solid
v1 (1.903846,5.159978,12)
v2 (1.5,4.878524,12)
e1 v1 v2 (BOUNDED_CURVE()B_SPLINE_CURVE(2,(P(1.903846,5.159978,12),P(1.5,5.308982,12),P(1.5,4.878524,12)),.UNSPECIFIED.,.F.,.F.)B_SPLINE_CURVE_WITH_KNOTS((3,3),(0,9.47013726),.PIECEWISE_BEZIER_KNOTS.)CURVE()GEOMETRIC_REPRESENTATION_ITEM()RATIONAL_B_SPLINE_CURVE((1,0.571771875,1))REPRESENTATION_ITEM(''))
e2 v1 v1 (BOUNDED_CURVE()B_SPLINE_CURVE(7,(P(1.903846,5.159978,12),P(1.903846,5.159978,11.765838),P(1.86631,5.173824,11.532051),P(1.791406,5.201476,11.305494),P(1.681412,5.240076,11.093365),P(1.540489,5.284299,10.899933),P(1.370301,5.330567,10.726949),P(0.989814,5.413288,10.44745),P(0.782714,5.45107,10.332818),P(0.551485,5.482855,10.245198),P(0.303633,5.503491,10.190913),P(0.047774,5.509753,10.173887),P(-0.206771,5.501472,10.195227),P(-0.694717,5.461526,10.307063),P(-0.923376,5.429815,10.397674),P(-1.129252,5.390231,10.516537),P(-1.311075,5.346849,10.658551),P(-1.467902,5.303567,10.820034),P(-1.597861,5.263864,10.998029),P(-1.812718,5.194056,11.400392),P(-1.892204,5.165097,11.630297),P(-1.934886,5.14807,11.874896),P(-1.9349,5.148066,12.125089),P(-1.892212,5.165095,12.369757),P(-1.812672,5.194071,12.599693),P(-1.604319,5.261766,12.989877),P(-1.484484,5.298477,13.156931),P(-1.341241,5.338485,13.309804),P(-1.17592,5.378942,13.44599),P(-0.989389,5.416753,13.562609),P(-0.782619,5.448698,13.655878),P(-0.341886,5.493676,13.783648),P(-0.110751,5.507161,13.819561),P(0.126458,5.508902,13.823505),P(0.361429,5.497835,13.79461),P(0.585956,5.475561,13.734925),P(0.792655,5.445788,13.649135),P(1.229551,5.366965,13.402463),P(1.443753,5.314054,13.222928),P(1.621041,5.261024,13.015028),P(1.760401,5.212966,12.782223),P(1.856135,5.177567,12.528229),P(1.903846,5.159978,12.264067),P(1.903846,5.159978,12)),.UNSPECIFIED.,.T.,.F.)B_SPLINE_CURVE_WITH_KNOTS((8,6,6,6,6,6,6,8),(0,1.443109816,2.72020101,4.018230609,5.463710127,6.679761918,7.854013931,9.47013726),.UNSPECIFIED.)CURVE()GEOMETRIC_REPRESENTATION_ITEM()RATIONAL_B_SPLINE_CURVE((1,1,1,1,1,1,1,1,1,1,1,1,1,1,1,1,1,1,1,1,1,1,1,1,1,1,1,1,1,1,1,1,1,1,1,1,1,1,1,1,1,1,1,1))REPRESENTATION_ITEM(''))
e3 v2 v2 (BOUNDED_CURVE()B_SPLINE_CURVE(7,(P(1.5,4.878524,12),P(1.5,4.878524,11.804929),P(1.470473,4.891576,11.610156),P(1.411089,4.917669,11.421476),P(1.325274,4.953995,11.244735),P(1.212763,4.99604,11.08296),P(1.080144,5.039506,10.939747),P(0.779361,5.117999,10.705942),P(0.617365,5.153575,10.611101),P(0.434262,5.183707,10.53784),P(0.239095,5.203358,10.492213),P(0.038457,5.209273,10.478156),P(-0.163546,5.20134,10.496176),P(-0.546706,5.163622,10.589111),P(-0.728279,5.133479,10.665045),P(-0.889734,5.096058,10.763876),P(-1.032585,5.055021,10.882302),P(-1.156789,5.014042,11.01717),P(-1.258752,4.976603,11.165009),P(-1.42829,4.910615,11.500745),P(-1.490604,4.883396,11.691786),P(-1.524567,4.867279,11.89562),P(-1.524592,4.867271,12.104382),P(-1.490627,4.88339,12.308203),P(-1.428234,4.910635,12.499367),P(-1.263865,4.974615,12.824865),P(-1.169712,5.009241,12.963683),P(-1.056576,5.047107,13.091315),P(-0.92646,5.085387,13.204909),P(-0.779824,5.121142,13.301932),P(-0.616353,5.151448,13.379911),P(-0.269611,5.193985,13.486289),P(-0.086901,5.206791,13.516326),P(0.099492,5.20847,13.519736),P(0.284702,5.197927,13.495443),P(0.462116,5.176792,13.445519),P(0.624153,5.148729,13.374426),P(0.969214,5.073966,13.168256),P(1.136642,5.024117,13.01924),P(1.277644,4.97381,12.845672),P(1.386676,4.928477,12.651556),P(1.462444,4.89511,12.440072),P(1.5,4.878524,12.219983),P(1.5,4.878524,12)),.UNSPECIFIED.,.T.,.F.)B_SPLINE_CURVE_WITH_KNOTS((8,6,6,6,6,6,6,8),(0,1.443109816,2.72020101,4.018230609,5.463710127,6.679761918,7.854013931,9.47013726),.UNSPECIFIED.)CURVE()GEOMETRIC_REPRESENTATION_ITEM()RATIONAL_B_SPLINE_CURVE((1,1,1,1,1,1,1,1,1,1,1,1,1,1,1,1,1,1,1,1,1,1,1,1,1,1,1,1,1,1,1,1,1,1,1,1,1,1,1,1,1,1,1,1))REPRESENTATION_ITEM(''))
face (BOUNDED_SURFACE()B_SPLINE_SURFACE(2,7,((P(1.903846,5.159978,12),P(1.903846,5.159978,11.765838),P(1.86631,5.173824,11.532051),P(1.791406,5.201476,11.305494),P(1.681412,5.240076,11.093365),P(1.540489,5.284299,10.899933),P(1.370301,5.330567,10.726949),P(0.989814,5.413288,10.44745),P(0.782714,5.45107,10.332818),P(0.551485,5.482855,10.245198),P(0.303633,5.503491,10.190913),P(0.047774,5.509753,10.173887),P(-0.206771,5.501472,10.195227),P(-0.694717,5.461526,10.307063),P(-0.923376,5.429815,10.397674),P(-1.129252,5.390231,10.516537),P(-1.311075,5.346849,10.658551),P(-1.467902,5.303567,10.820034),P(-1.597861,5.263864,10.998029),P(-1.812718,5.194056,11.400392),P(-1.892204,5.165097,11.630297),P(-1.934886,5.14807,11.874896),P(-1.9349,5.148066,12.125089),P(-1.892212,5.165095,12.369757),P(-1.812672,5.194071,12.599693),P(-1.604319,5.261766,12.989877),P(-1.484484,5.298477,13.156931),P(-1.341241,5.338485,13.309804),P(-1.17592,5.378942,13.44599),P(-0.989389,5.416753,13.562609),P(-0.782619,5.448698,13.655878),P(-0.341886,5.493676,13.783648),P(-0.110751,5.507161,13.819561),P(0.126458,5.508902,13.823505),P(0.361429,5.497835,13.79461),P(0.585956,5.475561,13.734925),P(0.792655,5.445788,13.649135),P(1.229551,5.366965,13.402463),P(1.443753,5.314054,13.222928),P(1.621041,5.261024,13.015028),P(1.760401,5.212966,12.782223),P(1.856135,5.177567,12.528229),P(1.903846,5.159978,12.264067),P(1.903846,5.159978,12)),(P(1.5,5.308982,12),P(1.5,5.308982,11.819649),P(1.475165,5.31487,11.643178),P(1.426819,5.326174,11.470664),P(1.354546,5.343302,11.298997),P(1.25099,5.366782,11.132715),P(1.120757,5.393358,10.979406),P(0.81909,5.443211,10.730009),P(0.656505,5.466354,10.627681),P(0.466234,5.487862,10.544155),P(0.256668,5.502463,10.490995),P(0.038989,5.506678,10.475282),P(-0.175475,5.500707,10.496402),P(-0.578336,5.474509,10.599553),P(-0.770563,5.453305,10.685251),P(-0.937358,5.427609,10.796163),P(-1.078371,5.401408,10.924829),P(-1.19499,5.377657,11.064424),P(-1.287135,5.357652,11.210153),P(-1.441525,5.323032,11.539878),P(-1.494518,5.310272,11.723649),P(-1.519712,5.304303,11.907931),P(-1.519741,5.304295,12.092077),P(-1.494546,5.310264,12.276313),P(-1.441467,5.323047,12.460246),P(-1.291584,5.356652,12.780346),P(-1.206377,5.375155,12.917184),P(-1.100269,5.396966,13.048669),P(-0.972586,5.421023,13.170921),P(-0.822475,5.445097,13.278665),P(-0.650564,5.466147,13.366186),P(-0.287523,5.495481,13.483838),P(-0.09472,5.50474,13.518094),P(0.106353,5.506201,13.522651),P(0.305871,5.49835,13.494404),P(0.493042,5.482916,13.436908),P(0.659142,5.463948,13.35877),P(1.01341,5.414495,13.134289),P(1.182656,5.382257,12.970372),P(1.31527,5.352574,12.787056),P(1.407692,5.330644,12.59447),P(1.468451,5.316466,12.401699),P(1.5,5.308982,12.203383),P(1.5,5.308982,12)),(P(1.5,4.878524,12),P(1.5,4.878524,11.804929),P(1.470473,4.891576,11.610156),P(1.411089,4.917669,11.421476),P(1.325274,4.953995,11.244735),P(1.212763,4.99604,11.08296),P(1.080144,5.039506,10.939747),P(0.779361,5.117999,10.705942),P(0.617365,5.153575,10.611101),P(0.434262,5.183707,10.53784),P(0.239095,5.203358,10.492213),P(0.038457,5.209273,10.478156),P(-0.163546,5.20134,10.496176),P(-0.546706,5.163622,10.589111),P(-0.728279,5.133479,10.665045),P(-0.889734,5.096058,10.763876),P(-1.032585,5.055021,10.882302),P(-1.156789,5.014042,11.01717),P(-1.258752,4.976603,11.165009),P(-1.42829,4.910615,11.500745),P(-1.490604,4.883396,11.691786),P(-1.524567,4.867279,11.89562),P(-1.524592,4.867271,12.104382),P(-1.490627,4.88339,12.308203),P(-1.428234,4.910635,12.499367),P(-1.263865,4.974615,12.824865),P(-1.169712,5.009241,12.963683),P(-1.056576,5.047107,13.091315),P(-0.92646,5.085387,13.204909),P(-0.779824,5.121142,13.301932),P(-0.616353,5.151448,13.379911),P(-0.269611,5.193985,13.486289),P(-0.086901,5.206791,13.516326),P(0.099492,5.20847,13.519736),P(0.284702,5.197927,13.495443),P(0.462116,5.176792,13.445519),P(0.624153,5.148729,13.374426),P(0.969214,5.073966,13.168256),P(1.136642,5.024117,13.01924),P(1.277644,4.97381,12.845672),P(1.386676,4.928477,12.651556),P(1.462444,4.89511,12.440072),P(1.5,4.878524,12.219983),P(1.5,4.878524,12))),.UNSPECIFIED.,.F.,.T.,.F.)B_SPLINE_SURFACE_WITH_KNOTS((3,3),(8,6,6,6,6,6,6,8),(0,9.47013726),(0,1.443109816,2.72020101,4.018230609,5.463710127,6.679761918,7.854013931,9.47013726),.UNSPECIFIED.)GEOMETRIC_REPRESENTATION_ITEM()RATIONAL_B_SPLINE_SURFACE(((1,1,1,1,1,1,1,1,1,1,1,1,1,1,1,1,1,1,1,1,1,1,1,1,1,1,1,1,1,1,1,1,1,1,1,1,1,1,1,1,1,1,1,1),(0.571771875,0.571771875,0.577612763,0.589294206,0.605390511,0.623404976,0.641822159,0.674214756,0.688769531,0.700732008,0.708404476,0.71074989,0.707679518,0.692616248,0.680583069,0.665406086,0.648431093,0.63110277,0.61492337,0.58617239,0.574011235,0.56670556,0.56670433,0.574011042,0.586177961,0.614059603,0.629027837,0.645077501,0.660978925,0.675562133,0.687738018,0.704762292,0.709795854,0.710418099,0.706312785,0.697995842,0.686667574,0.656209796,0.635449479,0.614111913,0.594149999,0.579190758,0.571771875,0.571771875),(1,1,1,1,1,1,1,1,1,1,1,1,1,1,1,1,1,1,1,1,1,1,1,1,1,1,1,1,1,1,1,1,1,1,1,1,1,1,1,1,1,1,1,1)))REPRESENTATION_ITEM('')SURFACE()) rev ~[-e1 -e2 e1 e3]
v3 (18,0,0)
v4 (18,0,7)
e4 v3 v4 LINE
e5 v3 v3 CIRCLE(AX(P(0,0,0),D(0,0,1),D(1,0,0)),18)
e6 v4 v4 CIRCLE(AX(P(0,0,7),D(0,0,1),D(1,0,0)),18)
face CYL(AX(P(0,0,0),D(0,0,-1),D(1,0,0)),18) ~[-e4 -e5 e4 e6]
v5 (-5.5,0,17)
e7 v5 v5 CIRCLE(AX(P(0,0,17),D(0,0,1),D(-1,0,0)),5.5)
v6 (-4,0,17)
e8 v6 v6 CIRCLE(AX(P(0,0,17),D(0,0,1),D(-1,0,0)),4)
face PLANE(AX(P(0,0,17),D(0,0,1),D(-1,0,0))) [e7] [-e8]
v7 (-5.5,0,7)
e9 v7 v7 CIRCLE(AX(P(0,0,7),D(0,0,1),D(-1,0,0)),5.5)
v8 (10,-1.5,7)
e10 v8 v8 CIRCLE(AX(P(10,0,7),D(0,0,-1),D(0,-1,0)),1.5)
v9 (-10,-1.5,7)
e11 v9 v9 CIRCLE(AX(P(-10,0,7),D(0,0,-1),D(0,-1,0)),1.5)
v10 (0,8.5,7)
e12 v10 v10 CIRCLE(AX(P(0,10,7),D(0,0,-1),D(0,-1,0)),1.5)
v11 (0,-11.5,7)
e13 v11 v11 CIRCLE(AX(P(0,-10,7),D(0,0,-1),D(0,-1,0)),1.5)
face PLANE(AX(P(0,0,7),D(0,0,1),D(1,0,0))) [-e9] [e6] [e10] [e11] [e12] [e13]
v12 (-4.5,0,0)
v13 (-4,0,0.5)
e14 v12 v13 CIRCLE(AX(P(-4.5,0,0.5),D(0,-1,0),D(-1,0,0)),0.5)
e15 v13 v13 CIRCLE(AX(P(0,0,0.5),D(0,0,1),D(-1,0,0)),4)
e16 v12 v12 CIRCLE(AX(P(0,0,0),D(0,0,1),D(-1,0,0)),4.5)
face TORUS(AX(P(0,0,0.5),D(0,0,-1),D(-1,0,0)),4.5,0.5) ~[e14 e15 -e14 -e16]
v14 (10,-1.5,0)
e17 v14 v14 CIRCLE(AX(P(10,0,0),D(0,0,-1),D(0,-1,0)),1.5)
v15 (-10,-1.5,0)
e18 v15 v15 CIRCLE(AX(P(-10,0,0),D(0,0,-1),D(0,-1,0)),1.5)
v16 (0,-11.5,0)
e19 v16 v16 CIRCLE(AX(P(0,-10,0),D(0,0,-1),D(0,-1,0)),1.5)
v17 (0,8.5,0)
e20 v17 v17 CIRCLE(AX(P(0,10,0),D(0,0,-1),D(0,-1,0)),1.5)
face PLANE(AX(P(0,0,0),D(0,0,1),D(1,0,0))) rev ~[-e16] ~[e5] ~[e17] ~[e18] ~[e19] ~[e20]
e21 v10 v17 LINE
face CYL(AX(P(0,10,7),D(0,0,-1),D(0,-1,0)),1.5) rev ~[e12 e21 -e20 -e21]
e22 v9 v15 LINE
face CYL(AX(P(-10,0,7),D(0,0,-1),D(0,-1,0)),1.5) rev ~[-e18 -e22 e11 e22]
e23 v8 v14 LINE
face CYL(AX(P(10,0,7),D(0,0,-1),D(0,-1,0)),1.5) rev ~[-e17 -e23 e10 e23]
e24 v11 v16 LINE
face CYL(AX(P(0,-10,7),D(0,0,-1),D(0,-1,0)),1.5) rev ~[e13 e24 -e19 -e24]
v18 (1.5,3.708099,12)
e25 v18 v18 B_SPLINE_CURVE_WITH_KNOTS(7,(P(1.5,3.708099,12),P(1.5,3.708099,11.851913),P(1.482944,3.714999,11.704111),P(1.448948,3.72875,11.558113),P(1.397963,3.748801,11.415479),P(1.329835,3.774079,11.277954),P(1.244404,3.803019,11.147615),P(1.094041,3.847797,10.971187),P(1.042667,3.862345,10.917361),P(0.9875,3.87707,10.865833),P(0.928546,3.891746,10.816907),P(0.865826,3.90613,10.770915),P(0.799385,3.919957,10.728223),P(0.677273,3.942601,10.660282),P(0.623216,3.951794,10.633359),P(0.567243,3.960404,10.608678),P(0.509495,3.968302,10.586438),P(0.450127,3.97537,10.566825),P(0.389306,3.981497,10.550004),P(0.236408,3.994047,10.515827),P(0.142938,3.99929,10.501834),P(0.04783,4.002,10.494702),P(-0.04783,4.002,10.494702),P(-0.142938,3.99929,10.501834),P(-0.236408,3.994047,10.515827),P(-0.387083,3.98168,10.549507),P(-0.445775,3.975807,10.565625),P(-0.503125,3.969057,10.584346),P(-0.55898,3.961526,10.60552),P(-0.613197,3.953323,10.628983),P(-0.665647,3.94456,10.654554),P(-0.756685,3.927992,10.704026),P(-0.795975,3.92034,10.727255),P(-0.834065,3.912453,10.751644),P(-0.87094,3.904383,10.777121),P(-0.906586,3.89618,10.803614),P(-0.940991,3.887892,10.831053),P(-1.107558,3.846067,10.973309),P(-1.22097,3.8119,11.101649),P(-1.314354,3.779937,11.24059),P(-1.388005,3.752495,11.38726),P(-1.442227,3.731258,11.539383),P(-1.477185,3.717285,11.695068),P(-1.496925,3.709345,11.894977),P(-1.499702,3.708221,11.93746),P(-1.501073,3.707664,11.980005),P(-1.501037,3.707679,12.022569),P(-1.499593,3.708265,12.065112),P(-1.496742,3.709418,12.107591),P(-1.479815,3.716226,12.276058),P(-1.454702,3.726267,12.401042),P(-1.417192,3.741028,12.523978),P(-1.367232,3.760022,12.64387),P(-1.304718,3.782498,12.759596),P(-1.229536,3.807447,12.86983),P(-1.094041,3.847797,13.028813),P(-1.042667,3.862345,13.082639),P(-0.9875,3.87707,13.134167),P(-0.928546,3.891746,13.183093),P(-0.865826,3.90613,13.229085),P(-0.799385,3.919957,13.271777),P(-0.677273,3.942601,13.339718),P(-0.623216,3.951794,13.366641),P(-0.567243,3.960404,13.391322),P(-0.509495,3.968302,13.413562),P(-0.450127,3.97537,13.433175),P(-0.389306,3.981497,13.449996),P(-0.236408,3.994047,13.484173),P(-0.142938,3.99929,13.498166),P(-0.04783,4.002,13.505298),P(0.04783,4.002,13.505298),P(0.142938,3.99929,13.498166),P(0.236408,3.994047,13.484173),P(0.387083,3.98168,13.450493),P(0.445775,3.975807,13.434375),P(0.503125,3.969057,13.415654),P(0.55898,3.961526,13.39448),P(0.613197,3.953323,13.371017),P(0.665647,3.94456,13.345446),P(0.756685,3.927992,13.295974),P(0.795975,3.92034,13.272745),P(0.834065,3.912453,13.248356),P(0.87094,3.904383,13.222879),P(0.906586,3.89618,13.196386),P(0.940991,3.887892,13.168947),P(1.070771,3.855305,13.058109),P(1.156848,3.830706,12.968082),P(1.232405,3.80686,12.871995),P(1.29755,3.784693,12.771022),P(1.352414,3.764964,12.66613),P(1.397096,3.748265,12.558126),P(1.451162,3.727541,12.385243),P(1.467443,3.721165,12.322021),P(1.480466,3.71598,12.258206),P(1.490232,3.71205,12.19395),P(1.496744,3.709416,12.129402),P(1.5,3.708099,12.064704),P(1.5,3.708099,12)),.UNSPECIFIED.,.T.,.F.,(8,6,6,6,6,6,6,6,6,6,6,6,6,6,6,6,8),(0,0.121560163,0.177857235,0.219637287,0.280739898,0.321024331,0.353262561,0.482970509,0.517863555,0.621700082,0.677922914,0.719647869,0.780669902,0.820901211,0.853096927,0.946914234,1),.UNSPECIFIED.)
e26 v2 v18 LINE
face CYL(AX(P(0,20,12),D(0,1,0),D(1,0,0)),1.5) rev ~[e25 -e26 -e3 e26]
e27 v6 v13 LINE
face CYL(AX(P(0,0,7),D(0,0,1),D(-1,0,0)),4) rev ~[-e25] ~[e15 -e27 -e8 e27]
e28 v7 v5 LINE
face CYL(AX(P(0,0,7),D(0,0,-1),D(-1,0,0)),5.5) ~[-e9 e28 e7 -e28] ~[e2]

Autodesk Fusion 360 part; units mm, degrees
sketch "Sketch1" plane through (0, 0, 0) normal (0, 0, 1) x (1, 0, 0)
  circle A0 centre (0, 0) radius 18
  dimension "d1" = 36
extrude "Extrude1" add sketch "Sketch1" along normal blind 7
sketch "Sketch2" plane through (0, 0, 7) normal (0, 0, 1) x (-1, 0, 0)
  circle A0 centre (0, 0) radius 18
  circle A1 centre (0, -10) radius 1.5
  circle A2 centre (10, 0) radius 1.5
  circle A3 centre (0, 10) radius 1.5
  circle A4 centre (-10, 0) radius 1.5
  dimension "d4" = 3
  dimension "d5" = 10
  dimension "d7" = 360
hole "Hole1" at (-10, 0, 7) at (0, -10, 7) at (0, 10, 7) at (10, 0, 7) direction (0, 0, -1) diameter 3 depth 300 tip angle 118
sketch "Sketch3" plane through (0, 0, 7) normal (0, 0, 1) x (-1, 0, 0)
  circle A0 centre (0, -10) radius 1.5
  circle A1 centre (10, 0) radius 1.5
  circle A2 centre (0, 10) radius 1.5
  circle A3 centre (-10, 0) radius 1.5
  circle A4 centre (0, 0) radius 18
  circle A5 centre (0, 0) radius 4
  circle A6 centre (0, 0) radius 5.5
  dimension "d11" = 8
  dimension "d12" = 1.5
extrude "Extrude2" add sketch "Sketch3" along normal blind 10 contours A6
ref_plane "WorkPlane1" through (0, 20, 0) normal (0, 1, 0) x (0, 0, 1)
sketch "Sketch4" plane through (0, 20, 0) normal (0, 1, 0) x (1, 0, 0)
  circle A0 centre (0, -12) radius 1.5
  line L0 (-5.5, -17) -> (5.5, -17)
  dimension "d16" = 5
  dimension "d17" = 3
extrude "Extrude3" cut sketch "Sketch4" against normal blind 18
fillet "Fillet1" radius 0.3 1 edges at (-1.5, 5.2915, 12)
ref_plane "WorkPlane2" through (0, 0, 17) normal (0, 0, 1) x (1, 0, 0)
sketch "Sketch5" plane through (0, 0, 17) normal (0, 0, 1) x (1, 0, 0)
  circle A0 centre (0, 0) radius 18
extrude "Extrude6" cut sketch "Sketch3" against normal blind 19 contours A5
fillet "Fillet2" radius 0.5 1 edges at (3.7293, 1.4465, 0)
